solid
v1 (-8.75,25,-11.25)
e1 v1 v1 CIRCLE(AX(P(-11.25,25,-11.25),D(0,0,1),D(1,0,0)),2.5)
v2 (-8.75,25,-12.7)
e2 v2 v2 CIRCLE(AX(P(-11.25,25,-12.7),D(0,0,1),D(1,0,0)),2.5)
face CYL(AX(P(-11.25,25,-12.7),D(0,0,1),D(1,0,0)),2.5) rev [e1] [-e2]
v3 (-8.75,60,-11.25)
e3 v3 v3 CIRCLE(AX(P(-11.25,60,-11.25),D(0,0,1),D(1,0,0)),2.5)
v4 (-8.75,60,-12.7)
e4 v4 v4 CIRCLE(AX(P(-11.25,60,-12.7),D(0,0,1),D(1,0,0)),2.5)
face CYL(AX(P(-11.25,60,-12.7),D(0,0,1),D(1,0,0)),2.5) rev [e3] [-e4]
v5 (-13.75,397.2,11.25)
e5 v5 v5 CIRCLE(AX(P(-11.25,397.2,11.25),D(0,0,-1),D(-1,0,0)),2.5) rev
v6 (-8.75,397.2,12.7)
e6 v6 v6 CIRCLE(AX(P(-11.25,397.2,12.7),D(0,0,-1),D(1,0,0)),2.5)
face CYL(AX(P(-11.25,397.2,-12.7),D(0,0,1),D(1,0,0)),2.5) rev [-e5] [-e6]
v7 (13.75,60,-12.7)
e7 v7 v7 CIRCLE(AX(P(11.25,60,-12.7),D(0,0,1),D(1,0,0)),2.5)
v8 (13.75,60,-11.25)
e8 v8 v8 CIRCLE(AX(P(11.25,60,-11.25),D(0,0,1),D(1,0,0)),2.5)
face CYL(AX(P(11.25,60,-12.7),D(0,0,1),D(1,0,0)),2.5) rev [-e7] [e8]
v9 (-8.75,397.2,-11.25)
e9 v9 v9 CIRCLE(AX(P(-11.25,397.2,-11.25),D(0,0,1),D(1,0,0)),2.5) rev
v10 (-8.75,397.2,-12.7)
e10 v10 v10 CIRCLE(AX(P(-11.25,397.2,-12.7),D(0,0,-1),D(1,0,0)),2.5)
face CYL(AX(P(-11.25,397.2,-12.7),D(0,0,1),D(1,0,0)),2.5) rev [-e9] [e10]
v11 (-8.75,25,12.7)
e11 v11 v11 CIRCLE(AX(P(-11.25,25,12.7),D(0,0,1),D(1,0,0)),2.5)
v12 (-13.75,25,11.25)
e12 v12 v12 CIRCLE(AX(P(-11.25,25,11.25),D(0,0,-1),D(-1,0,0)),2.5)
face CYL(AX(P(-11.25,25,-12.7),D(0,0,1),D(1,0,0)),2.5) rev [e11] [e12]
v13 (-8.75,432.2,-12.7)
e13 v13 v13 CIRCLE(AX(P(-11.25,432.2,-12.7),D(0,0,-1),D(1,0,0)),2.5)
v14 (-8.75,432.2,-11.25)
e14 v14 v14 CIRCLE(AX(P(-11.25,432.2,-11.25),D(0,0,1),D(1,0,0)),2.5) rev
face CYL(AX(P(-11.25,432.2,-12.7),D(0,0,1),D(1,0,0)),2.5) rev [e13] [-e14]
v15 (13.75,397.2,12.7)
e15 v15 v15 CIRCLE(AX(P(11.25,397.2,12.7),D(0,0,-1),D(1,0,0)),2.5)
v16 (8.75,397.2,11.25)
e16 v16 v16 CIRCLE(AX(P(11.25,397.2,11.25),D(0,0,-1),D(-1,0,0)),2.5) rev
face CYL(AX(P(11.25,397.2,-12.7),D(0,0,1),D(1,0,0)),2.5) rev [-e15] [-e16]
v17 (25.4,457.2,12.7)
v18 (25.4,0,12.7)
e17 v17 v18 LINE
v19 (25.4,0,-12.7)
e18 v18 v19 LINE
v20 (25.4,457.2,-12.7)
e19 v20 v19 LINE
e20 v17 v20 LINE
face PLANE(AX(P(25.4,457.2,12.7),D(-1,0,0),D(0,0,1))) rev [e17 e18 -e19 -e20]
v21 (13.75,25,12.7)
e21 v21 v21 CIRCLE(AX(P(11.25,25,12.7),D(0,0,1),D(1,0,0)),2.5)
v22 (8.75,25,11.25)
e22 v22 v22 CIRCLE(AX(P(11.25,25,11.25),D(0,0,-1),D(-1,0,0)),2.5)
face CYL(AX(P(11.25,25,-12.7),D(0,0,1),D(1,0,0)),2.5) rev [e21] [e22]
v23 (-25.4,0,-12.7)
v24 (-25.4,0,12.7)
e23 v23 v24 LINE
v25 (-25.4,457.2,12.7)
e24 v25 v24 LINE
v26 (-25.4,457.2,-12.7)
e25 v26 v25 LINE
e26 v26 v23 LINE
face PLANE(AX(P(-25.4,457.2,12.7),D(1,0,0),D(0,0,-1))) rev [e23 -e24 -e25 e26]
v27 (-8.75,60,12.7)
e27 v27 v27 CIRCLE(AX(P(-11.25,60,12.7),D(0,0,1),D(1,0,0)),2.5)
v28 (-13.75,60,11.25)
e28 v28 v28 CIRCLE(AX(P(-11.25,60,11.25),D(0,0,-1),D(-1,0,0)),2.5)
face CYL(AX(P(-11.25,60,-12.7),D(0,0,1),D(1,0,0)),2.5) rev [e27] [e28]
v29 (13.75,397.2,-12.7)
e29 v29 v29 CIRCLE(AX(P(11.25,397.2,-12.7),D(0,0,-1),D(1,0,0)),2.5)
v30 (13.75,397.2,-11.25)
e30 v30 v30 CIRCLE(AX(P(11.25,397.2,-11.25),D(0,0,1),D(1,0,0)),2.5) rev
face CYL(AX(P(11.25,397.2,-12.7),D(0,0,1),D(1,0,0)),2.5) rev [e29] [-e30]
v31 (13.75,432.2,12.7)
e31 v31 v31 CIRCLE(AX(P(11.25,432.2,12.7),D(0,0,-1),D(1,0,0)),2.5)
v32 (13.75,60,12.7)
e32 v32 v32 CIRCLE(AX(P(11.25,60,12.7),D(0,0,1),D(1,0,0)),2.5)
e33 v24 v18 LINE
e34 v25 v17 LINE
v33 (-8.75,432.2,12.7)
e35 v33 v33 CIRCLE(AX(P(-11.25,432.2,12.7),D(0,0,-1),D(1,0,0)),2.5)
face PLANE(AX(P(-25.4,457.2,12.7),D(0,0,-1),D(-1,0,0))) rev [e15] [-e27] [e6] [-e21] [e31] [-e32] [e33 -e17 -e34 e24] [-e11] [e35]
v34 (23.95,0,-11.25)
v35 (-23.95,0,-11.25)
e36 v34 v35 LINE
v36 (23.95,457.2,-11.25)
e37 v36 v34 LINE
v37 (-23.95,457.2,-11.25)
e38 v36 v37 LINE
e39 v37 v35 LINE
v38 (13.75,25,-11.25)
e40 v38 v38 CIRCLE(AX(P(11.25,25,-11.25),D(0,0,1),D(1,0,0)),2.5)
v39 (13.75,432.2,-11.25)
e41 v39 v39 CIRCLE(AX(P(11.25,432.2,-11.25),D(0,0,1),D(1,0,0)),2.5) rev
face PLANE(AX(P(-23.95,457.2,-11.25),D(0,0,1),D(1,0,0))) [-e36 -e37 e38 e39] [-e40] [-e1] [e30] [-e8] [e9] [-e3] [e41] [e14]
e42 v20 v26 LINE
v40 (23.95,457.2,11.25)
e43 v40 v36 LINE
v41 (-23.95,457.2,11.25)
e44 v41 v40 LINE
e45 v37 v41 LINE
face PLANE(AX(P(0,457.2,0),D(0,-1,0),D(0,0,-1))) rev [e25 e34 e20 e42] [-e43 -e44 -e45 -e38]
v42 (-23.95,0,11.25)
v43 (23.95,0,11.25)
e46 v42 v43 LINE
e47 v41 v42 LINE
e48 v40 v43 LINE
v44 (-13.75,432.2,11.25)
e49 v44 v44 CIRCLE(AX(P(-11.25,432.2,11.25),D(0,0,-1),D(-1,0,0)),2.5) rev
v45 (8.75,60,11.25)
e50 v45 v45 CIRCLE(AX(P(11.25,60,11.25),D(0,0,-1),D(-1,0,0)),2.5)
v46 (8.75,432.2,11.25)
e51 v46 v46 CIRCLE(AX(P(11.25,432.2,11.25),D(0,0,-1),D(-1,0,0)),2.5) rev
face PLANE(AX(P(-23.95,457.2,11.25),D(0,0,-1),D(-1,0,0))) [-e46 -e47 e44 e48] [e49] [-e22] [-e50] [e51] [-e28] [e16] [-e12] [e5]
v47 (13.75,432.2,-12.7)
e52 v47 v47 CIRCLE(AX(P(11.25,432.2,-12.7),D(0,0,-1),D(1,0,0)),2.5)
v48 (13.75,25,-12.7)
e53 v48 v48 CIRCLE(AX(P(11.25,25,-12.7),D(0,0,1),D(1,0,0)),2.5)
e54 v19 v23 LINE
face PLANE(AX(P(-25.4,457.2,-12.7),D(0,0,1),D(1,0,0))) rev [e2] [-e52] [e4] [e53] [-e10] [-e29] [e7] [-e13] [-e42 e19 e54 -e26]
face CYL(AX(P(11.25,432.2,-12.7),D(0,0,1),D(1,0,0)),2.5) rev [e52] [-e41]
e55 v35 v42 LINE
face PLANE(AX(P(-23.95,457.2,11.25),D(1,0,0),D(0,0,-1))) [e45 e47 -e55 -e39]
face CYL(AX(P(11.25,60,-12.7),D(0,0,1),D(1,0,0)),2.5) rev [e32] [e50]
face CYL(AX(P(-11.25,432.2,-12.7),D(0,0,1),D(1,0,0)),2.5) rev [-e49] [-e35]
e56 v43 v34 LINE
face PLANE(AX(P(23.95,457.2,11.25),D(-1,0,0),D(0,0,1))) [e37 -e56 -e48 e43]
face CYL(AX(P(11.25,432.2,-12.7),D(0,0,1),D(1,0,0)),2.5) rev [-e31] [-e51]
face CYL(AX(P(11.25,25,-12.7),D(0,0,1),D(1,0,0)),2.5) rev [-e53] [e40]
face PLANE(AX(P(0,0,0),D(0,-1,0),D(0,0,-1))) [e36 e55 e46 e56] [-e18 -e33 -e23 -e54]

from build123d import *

# Parameters (mm, degrees)
SKETCH1_W           = 50.8
SKETCH1_H           = 25.4
SKETCH1_W_2         = 47.9
SKETCH1_H_2         = 22.5
BOSS_EXTRUDE1_DEPTH = 457.2
SKETCH2_R           = 2.5
CUT_EXTRUDE1_DEPTH  = 459.608940166


with BuildPart() as part:
    # Sketch1 → Boss-Extrude1 (new body)
    with BuildSketch(Plane(origin=(0, 0, 0), x_dir=(1, 0, 0), z_dir=(0, 1, 0))):
        Rectangle(SKETCH1_W, SKETCH1_H)
        Rectangle(SKETCH1_W_2, SKETCH1_H_2, mode=Mode.SUBTRACT)
    extrude(amount=BOSS_EXTRUDE1_DEPTH)

    # Sketch2 → Cut-Extrude1 (cut, through all)
    with BuildSketch(Plane.XY.offset(12.7)):
        with Locations((-11.25, 60)):
            Circle(SKETCH2_R)
        with Locations((-11.25, 25)):
            Circle(SKETCH2_R)
        with Locations((11.25, 25)):
            Circle(SKETCH2_R)
        with Locations((11.25, 60)):
            Circle(SKETCH2_R)
    cut_extrude1 = extrude(amount=-CUT_EXTRUDE1_DEPTH, mode=Mode.SUBTRACT)

    # Mirror1: Cut-Extrude1 across plane
    add(cut_extrude1.mirror(Plane.ZX.offset(228.6)), mode=Mode.SUBTRACT)


solid = part.part
